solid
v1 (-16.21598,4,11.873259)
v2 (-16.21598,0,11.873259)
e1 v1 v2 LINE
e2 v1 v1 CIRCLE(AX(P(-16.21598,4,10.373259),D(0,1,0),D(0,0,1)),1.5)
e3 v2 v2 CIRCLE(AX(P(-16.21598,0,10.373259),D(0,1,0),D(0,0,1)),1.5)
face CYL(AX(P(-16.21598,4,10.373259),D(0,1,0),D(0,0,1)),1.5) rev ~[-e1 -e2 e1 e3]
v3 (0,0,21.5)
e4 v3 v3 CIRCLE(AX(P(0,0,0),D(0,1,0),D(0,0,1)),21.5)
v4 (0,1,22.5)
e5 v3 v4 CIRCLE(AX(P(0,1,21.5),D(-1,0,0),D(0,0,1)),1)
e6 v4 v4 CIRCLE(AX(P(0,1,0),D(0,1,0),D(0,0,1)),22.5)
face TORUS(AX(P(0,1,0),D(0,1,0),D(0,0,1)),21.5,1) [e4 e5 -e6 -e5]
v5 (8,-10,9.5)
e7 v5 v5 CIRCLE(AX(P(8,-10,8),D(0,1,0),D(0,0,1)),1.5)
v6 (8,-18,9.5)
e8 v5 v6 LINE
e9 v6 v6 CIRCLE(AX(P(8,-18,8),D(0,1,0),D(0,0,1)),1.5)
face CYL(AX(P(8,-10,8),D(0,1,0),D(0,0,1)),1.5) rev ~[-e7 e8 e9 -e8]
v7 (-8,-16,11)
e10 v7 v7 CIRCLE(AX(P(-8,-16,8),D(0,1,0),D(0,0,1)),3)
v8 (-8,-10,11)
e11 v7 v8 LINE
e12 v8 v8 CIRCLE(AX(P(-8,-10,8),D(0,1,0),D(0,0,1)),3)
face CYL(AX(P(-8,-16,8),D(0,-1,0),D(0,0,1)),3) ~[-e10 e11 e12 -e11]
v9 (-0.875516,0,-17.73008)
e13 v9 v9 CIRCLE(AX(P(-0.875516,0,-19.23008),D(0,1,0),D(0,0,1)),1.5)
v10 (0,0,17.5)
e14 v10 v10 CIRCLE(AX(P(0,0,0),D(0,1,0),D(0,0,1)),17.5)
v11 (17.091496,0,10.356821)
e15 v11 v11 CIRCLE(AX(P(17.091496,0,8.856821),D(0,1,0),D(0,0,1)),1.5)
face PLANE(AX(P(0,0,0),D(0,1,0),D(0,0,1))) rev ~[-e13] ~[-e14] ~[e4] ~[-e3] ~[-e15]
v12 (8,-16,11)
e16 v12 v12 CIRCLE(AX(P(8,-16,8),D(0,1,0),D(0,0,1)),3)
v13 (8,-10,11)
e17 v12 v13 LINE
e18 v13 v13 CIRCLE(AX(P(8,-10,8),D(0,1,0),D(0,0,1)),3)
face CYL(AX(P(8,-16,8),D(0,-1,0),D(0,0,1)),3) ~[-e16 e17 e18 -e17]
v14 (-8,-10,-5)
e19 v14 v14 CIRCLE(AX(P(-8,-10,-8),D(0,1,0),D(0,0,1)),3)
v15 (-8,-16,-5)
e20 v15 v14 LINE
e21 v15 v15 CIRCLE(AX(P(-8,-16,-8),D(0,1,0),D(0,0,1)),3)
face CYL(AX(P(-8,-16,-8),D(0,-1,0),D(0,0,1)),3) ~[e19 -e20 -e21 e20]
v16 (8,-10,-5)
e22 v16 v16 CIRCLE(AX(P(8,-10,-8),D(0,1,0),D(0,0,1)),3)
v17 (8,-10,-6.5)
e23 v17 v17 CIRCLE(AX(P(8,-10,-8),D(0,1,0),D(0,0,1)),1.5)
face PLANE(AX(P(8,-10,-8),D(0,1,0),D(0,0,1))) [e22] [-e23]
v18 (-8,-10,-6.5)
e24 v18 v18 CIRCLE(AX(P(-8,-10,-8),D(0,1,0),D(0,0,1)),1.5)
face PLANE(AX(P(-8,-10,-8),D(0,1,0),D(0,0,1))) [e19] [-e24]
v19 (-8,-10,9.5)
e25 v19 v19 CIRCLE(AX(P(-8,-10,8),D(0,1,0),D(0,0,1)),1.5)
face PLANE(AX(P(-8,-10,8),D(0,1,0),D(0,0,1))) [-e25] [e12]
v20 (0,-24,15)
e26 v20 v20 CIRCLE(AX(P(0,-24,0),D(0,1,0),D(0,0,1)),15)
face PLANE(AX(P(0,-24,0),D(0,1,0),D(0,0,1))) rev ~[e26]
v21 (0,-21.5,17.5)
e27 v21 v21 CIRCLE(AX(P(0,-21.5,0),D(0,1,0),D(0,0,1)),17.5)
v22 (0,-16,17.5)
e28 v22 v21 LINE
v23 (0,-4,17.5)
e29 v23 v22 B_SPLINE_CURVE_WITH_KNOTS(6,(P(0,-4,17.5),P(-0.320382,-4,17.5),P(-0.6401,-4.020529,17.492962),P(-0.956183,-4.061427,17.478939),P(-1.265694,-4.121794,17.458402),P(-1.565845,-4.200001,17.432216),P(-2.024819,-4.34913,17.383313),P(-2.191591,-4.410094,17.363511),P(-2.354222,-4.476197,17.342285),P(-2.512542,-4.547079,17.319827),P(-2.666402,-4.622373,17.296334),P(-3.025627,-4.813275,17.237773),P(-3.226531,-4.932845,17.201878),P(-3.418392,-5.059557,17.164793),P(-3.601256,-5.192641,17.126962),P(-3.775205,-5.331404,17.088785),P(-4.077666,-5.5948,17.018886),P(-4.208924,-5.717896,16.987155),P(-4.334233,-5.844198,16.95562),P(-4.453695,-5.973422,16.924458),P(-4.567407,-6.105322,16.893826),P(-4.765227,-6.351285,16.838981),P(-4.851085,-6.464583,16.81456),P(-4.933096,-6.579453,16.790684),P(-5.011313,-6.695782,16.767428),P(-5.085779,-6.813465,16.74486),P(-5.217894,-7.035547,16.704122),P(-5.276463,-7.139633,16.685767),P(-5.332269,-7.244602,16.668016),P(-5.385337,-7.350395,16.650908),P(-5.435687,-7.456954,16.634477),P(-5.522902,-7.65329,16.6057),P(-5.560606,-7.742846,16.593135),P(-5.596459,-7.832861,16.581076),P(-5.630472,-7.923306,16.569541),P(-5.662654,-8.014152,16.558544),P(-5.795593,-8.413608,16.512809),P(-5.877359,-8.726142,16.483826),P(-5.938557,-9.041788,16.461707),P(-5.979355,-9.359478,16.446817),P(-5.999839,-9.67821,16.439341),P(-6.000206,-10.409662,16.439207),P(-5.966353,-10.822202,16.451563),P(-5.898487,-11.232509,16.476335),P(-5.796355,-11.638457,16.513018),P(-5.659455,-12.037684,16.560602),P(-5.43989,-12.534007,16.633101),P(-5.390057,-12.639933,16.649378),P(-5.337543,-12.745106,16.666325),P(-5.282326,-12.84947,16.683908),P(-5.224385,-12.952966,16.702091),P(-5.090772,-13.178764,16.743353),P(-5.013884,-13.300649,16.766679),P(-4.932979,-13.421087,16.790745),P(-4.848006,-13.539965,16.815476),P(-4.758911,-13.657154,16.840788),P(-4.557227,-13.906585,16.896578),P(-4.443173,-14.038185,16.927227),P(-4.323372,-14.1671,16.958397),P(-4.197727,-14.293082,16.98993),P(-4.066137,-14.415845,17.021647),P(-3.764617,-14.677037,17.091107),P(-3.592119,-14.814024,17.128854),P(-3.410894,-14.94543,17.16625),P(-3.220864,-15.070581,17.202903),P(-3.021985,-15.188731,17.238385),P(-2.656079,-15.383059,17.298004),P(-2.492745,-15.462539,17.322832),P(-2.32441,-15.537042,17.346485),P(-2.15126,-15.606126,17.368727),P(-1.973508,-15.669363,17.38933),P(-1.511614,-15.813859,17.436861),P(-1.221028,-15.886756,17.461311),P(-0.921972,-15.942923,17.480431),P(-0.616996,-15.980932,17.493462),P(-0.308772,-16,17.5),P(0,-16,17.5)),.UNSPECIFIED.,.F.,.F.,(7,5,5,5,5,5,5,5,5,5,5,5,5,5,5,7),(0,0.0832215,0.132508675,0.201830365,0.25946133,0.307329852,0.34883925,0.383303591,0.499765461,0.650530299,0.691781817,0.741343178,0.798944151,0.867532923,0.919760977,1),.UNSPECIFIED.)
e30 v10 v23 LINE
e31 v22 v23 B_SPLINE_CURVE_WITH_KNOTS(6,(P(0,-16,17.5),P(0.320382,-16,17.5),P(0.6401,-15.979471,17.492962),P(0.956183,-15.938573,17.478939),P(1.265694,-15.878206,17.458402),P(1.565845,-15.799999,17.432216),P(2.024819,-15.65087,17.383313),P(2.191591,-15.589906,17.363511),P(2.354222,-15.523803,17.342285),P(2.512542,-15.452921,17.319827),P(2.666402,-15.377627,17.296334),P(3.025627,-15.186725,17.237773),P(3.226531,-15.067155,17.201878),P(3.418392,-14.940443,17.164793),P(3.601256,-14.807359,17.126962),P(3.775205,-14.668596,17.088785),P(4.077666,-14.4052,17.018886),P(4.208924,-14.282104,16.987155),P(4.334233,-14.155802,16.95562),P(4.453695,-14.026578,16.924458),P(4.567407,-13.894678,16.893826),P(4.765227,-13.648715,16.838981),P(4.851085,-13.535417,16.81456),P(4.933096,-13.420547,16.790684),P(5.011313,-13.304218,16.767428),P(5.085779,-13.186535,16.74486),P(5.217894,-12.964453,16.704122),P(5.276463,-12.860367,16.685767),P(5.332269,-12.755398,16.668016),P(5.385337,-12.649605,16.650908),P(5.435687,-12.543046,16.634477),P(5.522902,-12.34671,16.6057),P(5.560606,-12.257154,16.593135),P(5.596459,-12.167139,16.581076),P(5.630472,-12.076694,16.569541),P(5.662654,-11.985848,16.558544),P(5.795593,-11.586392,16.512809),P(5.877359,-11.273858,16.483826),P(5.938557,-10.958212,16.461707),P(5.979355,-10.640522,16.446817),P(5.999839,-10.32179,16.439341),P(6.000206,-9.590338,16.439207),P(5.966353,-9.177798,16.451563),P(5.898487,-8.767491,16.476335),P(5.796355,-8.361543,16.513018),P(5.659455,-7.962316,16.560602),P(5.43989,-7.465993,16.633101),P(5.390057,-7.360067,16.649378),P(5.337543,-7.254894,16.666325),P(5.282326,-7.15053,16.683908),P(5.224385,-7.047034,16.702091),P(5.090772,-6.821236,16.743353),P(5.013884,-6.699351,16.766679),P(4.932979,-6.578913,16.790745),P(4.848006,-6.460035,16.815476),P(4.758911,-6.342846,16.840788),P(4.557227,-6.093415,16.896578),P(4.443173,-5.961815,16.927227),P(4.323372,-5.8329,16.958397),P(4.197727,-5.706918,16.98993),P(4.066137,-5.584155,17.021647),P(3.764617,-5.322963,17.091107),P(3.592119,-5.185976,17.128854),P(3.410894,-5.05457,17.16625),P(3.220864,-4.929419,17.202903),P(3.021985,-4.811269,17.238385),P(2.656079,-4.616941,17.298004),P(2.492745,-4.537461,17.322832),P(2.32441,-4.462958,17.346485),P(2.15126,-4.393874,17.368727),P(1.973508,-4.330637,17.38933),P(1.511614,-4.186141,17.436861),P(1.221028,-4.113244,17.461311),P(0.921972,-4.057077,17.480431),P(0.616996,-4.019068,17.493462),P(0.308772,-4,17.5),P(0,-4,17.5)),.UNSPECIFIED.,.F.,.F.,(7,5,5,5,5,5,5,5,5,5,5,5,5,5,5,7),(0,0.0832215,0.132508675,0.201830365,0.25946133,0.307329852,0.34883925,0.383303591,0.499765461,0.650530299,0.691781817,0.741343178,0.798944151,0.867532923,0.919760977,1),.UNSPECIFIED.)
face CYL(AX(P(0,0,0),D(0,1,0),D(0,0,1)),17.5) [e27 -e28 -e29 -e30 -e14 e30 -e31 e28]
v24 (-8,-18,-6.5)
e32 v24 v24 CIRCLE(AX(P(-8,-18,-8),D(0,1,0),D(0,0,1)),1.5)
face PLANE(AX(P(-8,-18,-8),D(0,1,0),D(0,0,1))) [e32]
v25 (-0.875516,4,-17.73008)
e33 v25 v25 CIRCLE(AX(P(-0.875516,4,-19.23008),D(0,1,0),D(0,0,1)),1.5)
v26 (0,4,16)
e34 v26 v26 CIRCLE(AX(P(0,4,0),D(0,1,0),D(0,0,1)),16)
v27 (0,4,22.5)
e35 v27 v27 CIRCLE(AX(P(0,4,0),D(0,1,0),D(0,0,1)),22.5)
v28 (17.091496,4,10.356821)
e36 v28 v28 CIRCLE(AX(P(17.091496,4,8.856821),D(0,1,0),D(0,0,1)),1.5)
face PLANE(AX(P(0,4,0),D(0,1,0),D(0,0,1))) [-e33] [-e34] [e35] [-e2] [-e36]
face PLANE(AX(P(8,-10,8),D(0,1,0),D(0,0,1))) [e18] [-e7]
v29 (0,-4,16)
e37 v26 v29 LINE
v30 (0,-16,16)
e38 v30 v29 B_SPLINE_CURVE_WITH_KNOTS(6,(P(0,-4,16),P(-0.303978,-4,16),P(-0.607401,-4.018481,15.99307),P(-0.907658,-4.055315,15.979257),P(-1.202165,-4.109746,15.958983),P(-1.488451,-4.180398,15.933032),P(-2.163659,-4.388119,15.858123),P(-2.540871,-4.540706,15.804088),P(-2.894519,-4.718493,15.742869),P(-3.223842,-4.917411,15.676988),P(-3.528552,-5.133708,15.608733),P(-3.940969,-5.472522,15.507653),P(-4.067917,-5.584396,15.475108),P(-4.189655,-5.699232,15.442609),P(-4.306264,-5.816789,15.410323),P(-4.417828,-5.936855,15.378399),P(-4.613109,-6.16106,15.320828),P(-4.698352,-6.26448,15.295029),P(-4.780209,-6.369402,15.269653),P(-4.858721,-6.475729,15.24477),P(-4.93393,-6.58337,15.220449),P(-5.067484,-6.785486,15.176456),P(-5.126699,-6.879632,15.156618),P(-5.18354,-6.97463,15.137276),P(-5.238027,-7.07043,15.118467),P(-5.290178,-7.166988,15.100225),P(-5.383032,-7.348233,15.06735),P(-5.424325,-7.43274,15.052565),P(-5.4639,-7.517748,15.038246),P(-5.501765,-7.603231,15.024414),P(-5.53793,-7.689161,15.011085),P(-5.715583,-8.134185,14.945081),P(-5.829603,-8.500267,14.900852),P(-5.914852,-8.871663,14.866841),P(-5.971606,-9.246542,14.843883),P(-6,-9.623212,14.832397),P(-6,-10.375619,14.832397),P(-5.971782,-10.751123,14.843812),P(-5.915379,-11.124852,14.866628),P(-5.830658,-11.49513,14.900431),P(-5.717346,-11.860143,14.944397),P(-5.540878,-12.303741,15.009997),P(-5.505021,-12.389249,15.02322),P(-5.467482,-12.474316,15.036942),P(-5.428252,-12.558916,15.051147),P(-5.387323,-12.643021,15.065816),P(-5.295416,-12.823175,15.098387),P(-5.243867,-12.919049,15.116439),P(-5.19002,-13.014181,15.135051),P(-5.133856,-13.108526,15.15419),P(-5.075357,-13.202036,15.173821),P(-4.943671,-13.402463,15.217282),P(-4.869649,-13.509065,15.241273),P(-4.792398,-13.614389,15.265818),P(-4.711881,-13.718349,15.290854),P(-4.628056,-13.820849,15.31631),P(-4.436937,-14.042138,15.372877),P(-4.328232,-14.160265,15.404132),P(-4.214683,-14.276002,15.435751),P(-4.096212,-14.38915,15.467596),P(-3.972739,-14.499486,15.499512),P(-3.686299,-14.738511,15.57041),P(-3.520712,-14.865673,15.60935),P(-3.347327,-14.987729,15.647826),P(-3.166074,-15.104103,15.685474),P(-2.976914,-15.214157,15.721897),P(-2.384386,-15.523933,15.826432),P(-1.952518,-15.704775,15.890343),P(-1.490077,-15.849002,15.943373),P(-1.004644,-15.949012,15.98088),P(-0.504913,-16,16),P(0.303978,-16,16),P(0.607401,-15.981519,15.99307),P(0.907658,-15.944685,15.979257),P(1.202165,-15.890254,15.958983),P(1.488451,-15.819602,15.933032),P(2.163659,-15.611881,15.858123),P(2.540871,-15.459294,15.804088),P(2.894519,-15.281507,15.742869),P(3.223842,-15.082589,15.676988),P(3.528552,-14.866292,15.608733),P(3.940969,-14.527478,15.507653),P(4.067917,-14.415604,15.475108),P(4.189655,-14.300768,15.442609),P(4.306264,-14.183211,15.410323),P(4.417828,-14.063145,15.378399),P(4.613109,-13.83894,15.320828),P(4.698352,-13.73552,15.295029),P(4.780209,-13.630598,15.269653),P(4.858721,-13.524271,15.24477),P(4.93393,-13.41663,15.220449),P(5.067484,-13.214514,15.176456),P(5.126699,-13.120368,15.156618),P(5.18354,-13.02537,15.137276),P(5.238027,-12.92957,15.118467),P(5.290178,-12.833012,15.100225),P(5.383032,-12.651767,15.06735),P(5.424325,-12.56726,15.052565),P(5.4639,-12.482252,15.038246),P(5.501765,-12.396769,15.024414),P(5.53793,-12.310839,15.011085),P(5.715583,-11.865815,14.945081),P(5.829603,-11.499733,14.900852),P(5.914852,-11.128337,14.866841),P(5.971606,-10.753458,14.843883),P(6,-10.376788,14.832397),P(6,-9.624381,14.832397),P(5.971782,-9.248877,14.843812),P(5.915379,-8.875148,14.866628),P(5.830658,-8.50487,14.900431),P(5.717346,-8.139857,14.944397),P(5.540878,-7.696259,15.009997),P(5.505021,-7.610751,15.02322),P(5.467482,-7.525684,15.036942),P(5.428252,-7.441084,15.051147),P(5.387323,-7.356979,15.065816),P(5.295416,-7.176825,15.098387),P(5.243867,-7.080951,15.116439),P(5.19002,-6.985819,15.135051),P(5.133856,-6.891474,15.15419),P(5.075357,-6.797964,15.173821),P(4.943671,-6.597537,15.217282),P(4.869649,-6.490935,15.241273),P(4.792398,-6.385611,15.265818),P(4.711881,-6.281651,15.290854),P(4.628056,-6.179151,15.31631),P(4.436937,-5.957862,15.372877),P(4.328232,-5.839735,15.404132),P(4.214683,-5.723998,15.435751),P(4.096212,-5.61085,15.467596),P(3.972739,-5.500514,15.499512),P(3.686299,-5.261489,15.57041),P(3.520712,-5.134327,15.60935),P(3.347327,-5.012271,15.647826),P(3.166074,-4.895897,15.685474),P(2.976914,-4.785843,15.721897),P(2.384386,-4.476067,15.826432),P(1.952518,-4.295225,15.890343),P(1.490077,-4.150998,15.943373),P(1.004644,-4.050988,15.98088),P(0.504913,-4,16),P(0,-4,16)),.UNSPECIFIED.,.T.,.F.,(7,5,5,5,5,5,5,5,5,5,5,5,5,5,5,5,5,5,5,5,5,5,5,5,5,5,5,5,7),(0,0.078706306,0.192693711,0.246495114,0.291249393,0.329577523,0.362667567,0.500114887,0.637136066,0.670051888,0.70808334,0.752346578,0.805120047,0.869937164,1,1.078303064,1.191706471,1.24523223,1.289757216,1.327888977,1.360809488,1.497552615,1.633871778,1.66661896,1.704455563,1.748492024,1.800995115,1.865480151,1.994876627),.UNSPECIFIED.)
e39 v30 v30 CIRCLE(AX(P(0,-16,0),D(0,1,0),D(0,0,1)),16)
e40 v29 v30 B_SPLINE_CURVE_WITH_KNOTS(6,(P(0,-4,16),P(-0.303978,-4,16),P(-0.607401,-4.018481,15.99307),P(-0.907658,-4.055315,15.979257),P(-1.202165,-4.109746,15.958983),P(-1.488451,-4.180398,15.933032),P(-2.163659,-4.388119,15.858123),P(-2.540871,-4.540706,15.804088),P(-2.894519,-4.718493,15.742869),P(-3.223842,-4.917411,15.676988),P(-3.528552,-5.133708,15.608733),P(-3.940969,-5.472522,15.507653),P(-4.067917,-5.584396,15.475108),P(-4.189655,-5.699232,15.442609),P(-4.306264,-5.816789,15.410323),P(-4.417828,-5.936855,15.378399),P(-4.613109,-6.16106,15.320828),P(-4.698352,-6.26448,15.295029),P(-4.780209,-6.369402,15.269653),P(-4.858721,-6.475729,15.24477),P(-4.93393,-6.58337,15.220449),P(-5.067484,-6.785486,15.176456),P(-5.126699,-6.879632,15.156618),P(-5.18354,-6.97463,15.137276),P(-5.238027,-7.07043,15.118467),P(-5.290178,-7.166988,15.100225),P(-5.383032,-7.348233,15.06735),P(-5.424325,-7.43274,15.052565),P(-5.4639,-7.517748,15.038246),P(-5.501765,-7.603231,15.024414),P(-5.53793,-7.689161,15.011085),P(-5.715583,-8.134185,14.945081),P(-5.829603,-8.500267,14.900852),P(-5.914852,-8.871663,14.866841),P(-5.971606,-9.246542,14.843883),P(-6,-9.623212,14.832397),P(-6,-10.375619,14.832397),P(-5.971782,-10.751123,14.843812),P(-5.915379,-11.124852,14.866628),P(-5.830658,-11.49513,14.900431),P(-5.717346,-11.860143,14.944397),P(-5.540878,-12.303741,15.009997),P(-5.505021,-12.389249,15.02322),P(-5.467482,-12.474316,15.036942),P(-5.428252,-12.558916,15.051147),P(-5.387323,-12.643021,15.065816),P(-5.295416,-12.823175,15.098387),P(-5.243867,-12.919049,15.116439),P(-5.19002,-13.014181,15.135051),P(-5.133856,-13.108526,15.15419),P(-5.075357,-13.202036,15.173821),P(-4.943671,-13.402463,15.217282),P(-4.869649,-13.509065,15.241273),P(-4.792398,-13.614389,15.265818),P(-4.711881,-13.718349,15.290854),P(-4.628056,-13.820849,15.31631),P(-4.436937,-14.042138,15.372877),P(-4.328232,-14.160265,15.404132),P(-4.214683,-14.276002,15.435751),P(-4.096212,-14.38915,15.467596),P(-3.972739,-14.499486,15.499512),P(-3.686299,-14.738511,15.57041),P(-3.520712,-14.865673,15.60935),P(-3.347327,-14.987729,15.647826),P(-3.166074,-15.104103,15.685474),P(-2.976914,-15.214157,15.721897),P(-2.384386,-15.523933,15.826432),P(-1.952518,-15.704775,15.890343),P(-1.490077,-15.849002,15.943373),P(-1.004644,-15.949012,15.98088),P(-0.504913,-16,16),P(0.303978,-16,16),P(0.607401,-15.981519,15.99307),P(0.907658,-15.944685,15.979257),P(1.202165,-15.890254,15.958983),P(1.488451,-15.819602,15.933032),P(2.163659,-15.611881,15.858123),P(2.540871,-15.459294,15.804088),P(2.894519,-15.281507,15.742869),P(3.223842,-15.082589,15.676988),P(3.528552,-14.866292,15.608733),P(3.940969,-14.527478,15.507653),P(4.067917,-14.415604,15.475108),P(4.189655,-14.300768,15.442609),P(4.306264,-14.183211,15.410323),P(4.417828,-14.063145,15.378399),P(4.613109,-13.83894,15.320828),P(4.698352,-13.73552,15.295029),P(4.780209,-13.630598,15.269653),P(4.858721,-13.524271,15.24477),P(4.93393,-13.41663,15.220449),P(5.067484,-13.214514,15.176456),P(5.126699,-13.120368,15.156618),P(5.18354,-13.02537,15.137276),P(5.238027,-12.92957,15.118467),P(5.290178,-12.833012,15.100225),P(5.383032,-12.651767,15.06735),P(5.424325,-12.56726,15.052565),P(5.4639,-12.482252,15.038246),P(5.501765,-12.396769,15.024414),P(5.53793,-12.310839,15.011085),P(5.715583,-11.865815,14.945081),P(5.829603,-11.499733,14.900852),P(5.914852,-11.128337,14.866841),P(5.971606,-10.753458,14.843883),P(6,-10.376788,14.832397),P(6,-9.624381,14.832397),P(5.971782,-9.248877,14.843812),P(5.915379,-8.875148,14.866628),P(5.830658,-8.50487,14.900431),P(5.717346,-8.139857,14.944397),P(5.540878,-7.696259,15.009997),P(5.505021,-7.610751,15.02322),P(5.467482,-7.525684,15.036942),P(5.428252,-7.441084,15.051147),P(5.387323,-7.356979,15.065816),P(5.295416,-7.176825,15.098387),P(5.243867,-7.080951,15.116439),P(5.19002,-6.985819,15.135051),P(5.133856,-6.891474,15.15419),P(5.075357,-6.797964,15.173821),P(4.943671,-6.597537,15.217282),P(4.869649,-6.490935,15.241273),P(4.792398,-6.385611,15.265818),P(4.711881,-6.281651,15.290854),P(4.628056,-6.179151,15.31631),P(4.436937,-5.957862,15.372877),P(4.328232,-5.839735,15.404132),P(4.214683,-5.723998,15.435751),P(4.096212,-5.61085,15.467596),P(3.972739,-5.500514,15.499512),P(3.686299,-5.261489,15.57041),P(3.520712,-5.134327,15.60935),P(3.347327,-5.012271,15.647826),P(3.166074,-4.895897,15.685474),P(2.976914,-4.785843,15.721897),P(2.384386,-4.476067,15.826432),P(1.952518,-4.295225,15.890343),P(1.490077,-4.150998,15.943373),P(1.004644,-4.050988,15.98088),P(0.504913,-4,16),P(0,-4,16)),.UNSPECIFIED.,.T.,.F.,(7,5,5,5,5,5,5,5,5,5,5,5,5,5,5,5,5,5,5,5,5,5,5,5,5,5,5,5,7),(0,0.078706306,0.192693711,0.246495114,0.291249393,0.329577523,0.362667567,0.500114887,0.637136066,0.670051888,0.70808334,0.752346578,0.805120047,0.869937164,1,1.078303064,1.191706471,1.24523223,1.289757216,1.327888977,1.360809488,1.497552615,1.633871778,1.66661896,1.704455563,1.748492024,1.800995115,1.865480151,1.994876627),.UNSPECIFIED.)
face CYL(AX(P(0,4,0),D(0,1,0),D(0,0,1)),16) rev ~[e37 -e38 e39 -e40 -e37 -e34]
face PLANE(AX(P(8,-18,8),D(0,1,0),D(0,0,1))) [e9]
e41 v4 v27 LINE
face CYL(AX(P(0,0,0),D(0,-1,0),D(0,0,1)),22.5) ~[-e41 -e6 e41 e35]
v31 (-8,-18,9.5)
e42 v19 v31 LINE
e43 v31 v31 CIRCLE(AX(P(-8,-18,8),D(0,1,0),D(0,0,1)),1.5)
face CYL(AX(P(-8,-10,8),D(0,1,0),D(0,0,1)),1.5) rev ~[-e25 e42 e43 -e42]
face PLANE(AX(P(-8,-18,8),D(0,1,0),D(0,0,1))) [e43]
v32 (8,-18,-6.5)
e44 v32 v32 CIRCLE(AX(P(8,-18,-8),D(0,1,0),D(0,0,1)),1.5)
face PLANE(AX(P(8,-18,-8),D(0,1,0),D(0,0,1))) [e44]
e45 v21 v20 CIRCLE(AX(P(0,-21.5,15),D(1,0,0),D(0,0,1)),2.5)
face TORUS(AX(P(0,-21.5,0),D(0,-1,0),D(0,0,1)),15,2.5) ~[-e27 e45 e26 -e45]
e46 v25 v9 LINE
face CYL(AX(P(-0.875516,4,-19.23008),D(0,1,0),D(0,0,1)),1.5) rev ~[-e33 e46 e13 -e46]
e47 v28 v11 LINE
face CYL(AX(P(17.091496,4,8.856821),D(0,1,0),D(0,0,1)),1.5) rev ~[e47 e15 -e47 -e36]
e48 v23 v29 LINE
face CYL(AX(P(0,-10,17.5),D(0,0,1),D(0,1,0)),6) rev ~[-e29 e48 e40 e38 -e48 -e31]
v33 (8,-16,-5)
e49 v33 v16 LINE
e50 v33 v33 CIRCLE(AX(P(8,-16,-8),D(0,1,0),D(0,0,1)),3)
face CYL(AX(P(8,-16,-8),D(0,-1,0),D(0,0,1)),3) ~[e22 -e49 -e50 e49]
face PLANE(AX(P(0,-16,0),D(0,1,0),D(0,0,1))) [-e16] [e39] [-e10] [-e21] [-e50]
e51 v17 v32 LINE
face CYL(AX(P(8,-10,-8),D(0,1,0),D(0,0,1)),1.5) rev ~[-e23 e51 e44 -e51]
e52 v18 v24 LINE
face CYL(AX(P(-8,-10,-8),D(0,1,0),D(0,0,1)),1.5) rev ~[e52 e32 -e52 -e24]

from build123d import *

# Parameters (mm, degrees)
SKETCH1_R               = 22.5
BOSS_EXTRUDE1_DEPTH     = 4
SKETCH2_R               = 17.5
BOSS_EXTRUDE2_DEPTH     = 24
SKETCH3_R               = 16
CUT_EXTRUDE1_DEPTH      = 20
SKETCH4_R               = 3
BOSS_EXTRUDE3_DEPTH     = 6
SKETCH6_R               = 1.5
CUT_EXTRUDE3_DEPTH      = 8
SKETCH7_R               = 1.5
CUT_EXTRUDE4_DEPTH      = 10
CUT_EXTRUDE5_REACH      = 53.79
CUT_EXTRUDE5_END_RADIUS = 16
SKETCH10_R              = 6
FILLET1_R               = 2.5
FILLET2_R               = 1


with BuildPart() as part:
    # Sketch1 → Boss-Extrude1 (new body)
    with BuildSketch(Plane(origin=(0, 0, 0), x_dir=(1, 0, 0), z_dir=(0, 1, 0))):
        with Locations(Location((0, 0, 0), (0, 0, 270))):
            Circle(SKETCH1_R)
    extrude(amount=BOSS_EXTRUDE1_DEPTH)

    # Sketch2 → Boss-Extrude2 (add)
    with BuildSketch(Plane(origin=(0, 0, 0), x_dir=(1, 0, 0), z_dir=(0, 1, 0))):
        with Locations(Location((0, 0, 0), (0, 0, 270))):
            Circle(SKETCH2_R)
    extrude(amount=-BOSS_EXTRUDE2_DEPTH)

    # Sketch3 → Cut-Extrude1 (cut)
    with BuildSketch(Plane(origin=(0, 4, 0), x_dir=(1, 0, 0), z_dir=(0, 1, 0))):
        with Locations(Location((0, 0, 0), (0, 0, 270))):
            Circle(SKETCH3_R)
    extrude(amount=-CUT_EXTRUDE1_DEPTH, mode=Mode.SUBTRACT)

    # Sketch4 → Boss-Extrude3 (add)
    with BuildSketch(Plane(origin=(0, -16, 0), x_dir=(1, 0, 0), z_dir=(0, 1, 0))):
        with Locations(Location((-8, 8, 0), (0, 0, 270))):
            Circle(SKETCH4_R)
        with Locations(Location((8, 8, 0), (0, 0, 270))):
            Circle(SKETCH4_R)
        with Locations(Location((-8, -8, 0), (0, 0, 270))):
            Circle(SKETCH4_R)
        with Locations(Location((8, -8, 0), (0, 0, 270))):
            Circle(SKETCH4_R)
    extrude(amount=BOSS_EXTRUDE3_DEPTH)

    # Sketch6 → Cut-Extrude3 (cut)
    with BuildSketch(Plane(origin=(0, -10, 0), x_dir=(1, 0, 0), z_dir=(0, 1, 0))):
        with Locations(Location((-8, 8, 0), (0, 0, 270))):
            Circle(SKETCH6_R)
        with Locations(Location((8, 8, 0), (0, 0, 270))):
            Circle(SKETCH6_R)
        with Locations(Location((8, -8, 0), (0, 0, 270))):
            Circle(SKETCH6_R)
        with Locations(Location((-8, -8, 0), (0, 0, 270))):
            Circle(SKETCH6_R)
    extrude(amount=-CUT_EXTRUDE3_DEPTH, mode=Mode.SUBTRACT)

    # Sketch7 → Cut-Extrude4 (cut)
    with BuildSketch(Plane(origin=(0, 4, 0), x_dir=(1, 0, 0), z_dir=(0, 1, 0))):
        with Locations(Location((-0.875515832, 19.230079876, 0), (0, 0, 270))):
            Circle(SKETCH7_R)
        with Locations(Location((17.091495605, -8.856820986, 0), (0, 0, 270))):
            Circle(SKETCH7_R)
        with Locations(Location((-16.215979773, -10.37325889, 0), (0, 0, 270))):
            Circle(SKETCH7_R)
    extrude(amount=-CUT_EXTRUDE4_DEPTH, mode=Mode.SUBTRACT)

    # Cut-Extrude5: up to this cylinder (the profile starts outside it)
    cut_extrude5_end = Plane(origin=(0, -10, 0), z_dir=(0, 1, 0)) * Cylinder(CUT_EXTRUDE5_END_RADIUS, 140.58, mode=Mode.PRIVATE)
    # Sketch10 → Cut-Extrude5 (cut, up to the surface)
    with BuildSketch(Plane.XY.offset(17.5), mode=Mode.PRIVATE) as cut_extrude5_sk1:
        with Locations(Location((0, -10, 0), (0, 0, 90))):
            Circle(SKETCH10_R)
    cut_extrude5_tool1 = extrude(cut_extrude5_sk1.sketch, amount=-CUT_EXTRUDE5_REACH, mode=Mode.PRIVATE) - cut_extrude5_end
    add(cut_extrude5_tool1.solids().sort_by_distance((0, -10, 17.5))[0], mode=Mode.SUBTRACT)

    # Fillet1
    fillet1_edges = [part.edges().sort_by_distance(p)[0] for p in [
        (0, -24, -17.5),
    ]]
    fillet(fillet1_edges, radius=FILLET1_R)

    # Fillet2
    fillet2_edges = [part.edges().sort_by_distance(p)[0] for p in [
        (0, 0, -22.5),
    ]]
    fillet(fillet2_edges, radius=FILLET2_R)


solid = part.part
